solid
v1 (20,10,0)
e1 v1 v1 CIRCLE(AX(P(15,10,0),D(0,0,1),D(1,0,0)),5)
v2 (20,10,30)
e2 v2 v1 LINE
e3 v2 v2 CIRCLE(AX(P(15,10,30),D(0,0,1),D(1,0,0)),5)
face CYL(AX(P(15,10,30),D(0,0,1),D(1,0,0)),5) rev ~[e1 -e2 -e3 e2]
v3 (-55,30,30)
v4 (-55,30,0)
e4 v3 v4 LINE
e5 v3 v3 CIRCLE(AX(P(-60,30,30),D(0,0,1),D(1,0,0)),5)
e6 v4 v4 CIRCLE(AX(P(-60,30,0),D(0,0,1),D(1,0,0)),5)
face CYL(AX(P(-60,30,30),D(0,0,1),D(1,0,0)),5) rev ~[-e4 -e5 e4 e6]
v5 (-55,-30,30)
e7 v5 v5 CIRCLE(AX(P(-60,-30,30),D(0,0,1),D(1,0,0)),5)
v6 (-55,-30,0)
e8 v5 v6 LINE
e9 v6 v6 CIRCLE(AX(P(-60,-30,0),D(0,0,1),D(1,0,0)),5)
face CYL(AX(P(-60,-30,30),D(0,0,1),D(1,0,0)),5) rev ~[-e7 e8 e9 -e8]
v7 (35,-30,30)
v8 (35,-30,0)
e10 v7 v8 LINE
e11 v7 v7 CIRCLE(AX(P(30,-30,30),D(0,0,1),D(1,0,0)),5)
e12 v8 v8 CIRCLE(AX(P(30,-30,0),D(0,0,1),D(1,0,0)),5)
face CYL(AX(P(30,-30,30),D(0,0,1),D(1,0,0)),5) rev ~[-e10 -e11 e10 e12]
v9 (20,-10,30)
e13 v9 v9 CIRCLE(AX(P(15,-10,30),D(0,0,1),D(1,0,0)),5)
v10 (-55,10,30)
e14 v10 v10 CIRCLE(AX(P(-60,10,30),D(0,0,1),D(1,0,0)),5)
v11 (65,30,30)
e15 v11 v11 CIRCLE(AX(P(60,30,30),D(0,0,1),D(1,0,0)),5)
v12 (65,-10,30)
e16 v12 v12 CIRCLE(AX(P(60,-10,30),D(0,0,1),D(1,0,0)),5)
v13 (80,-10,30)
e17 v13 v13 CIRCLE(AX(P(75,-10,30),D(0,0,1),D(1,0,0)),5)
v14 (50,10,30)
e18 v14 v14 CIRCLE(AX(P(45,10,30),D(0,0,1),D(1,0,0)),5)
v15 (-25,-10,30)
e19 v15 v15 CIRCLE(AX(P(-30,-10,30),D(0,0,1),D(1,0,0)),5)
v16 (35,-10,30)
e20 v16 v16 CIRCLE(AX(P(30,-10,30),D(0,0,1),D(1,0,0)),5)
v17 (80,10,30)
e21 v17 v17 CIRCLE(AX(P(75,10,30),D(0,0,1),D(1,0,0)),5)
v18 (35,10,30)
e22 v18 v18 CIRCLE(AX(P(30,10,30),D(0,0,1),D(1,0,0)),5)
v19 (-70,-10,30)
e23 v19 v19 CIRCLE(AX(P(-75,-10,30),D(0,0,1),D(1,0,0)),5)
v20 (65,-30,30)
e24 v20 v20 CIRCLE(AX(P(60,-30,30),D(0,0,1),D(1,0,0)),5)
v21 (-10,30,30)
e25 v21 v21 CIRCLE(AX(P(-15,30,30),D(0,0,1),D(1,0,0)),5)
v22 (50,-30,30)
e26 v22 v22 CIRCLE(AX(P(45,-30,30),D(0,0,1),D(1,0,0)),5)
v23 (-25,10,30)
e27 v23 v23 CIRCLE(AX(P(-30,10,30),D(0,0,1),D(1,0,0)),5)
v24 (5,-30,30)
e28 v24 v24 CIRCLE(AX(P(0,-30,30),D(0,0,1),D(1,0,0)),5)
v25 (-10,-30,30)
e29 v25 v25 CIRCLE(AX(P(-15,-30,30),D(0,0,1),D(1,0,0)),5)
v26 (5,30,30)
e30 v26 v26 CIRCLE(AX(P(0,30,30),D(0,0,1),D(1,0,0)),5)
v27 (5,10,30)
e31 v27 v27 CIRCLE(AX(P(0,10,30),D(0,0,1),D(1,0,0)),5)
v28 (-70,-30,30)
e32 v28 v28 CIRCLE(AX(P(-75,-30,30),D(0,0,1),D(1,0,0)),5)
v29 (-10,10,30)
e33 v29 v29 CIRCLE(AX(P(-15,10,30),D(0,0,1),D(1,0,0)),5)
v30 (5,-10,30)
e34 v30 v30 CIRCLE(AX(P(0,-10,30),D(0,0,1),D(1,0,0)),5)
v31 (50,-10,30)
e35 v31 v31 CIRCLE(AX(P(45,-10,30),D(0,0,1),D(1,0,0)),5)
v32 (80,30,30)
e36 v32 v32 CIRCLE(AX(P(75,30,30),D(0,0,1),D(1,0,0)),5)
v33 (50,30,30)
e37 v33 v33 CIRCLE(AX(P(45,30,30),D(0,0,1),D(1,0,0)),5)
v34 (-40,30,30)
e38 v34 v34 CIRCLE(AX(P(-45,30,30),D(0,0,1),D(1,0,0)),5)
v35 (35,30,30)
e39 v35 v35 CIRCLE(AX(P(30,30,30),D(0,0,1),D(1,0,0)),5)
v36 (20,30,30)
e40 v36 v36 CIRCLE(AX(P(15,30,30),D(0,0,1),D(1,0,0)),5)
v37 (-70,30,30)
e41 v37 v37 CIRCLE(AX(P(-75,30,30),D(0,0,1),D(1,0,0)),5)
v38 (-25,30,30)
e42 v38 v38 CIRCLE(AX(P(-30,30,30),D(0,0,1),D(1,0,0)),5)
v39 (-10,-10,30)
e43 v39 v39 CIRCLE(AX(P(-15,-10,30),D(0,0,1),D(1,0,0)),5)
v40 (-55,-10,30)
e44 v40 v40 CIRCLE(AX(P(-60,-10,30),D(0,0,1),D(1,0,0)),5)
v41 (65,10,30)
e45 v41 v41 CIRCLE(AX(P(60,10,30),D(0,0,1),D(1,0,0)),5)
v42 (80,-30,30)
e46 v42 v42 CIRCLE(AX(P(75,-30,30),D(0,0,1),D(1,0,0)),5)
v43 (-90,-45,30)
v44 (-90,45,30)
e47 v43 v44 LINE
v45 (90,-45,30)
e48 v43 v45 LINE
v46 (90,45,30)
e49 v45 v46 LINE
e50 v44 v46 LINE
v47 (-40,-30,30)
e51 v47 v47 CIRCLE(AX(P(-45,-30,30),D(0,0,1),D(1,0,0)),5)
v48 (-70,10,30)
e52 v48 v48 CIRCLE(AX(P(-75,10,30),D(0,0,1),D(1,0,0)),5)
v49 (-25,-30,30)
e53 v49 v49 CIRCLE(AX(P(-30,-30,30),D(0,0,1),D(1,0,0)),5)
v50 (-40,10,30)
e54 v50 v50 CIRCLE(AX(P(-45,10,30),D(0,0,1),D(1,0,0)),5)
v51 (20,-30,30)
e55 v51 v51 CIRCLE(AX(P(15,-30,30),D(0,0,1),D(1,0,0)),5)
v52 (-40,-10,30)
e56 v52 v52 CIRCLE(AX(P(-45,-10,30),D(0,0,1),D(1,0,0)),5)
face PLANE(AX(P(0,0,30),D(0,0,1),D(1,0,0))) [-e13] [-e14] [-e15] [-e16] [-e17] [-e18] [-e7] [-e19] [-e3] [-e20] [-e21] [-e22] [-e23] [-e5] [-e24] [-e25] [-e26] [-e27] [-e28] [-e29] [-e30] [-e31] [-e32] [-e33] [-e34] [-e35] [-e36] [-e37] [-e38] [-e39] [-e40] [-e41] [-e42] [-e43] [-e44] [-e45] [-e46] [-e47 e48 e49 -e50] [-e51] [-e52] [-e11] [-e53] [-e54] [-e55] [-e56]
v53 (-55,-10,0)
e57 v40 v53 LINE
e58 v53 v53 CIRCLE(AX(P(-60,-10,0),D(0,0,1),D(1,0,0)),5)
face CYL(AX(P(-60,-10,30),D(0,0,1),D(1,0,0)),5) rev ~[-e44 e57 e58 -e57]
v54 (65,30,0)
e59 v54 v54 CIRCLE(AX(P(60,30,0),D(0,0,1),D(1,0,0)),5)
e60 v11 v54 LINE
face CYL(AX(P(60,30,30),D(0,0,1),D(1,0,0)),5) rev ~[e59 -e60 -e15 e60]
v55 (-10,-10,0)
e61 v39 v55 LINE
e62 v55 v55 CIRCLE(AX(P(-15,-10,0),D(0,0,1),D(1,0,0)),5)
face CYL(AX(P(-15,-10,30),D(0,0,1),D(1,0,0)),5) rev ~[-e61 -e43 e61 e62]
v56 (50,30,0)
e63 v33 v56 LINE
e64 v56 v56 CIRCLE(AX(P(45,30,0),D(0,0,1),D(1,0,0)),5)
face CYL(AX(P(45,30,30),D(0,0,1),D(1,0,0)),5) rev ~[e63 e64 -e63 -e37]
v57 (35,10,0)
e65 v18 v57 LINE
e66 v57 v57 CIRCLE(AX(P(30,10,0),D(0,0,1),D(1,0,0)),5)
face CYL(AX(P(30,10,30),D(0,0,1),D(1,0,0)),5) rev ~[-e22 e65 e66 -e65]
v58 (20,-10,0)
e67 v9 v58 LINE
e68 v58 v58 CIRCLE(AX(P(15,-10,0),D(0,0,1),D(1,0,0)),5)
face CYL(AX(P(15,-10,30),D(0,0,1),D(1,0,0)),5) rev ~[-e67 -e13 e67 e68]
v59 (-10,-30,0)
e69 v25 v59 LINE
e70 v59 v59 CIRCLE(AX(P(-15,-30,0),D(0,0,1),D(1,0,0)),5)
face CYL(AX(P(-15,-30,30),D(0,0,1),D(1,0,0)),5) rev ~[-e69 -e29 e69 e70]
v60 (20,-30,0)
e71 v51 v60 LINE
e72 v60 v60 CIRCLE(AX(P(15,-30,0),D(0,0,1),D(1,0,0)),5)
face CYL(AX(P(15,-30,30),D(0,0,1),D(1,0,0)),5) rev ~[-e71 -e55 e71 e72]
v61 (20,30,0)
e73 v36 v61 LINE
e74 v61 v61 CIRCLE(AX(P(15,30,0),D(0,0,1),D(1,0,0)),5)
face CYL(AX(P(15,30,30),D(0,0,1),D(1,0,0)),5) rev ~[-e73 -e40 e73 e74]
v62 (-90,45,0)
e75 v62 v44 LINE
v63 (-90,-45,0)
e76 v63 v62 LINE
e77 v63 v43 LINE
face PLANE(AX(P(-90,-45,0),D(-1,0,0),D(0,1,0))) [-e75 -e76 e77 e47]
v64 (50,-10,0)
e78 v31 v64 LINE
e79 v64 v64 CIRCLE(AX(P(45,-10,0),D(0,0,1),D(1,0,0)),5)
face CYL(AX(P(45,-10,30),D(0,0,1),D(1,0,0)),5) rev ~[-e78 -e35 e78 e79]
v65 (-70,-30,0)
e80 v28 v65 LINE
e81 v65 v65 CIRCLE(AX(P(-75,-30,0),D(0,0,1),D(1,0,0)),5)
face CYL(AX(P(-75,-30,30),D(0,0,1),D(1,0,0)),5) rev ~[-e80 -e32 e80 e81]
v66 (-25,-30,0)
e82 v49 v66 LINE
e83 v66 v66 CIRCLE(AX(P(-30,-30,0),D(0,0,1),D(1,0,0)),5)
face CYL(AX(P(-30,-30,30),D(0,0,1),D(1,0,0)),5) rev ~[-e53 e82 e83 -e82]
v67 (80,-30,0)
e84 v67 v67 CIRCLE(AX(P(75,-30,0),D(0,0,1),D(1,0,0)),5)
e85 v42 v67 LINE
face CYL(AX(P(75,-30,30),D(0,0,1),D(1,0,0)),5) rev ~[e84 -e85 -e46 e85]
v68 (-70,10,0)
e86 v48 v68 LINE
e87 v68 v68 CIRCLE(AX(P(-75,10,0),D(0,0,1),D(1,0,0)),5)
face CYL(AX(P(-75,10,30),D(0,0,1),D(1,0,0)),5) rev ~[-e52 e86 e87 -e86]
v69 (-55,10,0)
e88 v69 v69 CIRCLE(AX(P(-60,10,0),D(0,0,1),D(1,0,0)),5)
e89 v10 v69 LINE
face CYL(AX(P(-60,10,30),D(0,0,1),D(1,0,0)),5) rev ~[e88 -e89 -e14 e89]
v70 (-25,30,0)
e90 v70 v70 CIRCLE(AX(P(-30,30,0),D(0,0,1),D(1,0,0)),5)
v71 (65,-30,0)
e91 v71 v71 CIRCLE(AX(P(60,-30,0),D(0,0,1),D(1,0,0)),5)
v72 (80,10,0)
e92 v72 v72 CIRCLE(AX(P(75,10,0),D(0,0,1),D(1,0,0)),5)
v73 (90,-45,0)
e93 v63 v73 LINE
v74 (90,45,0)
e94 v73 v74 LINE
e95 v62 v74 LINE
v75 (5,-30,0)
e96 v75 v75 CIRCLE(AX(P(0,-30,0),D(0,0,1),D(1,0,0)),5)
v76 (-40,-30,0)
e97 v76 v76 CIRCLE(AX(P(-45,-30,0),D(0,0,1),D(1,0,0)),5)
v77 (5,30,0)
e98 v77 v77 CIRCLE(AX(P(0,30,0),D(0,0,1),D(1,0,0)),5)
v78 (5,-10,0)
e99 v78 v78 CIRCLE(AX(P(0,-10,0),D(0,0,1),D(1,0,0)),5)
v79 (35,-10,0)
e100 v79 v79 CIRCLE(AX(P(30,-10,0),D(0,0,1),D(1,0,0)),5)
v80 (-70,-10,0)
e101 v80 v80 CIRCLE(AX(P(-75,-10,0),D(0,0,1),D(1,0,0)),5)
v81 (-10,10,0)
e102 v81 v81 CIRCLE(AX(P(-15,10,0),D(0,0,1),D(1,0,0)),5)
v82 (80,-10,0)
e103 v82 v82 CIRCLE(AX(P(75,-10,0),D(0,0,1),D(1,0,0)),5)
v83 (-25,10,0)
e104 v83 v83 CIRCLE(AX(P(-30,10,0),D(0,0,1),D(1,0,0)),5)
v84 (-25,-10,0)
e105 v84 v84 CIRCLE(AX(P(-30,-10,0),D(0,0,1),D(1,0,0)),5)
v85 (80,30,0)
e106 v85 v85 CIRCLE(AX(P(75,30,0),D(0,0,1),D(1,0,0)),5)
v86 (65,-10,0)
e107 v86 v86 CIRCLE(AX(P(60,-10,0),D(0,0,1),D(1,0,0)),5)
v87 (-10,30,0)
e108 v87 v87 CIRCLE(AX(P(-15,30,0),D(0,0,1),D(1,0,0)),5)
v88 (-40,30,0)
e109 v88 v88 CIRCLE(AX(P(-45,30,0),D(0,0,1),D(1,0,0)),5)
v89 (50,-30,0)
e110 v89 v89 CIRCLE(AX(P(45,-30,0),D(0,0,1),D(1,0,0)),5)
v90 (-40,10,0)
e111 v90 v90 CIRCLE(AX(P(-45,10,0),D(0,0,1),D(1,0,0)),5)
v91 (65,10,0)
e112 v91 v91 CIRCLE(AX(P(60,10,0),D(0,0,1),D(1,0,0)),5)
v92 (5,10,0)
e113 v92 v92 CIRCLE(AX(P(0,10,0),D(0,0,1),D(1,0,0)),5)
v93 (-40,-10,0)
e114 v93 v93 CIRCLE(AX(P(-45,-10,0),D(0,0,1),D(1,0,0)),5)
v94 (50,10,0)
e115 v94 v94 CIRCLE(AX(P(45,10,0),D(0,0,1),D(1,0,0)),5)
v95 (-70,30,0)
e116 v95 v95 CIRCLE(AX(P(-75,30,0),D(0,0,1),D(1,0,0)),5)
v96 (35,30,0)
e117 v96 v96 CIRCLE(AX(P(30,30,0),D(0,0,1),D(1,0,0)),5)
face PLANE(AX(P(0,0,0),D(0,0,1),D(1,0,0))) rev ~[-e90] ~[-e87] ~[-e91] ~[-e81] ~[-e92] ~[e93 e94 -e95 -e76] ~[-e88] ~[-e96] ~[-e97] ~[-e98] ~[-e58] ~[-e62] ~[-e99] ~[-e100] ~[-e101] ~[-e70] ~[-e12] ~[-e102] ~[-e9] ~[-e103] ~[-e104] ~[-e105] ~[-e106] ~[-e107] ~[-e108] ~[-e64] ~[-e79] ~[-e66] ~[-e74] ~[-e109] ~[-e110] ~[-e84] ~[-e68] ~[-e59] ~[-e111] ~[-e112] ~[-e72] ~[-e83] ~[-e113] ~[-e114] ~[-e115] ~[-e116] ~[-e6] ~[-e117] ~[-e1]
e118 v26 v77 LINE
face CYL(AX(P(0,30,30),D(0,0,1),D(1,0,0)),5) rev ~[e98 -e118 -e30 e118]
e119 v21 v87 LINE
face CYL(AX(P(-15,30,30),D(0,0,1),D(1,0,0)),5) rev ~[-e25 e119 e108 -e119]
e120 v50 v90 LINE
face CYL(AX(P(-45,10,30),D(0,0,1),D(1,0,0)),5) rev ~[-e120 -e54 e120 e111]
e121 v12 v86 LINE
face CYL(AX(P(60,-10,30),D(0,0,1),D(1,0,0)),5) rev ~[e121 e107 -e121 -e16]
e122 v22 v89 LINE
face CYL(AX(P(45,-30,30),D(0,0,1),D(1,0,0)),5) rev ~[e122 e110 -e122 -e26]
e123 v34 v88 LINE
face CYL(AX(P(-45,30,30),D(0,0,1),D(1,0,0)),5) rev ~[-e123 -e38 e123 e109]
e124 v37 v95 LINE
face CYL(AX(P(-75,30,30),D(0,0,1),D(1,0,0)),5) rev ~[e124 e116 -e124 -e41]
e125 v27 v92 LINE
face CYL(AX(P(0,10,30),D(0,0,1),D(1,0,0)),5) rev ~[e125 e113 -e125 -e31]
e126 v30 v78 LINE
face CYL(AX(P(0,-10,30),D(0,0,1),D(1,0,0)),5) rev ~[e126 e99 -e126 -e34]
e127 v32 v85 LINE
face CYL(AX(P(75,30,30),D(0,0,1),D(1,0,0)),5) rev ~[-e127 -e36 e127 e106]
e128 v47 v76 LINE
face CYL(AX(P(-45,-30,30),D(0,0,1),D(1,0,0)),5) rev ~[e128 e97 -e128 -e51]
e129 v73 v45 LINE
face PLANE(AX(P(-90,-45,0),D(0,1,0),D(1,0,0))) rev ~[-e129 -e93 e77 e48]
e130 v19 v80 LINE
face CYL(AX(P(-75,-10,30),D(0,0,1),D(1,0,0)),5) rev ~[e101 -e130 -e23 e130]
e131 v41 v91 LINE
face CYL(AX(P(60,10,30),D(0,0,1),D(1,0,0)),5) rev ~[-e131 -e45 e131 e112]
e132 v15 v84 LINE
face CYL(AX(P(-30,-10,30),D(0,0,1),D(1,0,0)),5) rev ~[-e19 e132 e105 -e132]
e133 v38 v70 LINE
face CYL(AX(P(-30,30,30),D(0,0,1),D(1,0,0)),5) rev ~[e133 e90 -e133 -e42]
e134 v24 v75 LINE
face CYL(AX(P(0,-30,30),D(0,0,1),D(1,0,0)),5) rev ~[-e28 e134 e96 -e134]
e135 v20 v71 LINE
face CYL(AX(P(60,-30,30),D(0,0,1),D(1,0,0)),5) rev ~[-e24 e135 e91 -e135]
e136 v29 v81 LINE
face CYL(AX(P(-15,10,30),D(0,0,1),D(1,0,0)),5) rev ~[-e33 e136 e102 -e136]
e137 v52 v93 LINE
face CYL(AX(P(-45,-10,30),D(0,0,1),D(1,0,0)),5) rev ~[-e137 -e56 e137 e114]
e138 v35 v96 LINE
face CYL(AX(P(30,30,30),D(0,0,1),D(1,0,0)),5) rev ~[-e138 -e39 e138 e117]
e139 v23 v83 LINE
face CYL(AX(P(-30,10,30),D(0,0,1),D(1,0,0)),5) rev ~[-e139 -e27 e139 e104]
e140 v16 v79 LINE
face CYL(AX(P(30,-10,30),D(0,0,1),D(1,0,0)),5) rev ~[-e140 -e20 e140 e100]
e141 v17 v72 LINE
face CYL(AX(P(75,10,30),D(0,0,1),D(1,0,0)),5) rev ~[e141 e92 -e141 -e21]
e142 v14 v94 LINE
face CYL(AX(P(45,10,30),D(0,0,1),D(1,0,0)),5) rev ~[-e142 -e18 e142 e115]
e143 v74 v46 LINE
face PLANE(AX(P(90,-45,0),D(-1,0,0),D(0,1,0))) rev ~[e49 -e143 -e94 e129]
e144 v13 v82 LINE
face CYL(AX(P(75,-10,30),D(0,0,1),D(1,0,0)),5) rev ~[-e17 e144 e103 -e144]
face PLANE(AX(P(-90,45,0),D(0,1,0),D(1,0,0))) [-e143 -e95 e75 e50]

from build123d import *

# Parameters (mm, degrees)
ESBO_O1_W                = 180
ESBO_O1_H                = 90
RESSALTO_EXTRUS_O1_DEPTH = 30
ESBO_O2_R                = 5
CORTE_EXTRUS_O1_DEPTH    = 30


with BuildPart() as part:
    # Esboço1 → Ressalto-extrusão1 (new body)
    with BuildSketch(Plane.XY):
        Rectangle(ESBO_O1_W, ESBO_O1_H)
    extrude(amount=RESSALTO_EXTRUS_O1_DEPTH)

    # Esboço2 → Corte-extrusão1 (cut)
    with BuildSketch(Plane.XY.offset(30)):
        with Locations((-75, 30)):
            Circle(ESBO_O2_R)
        with Locations((-60, 30)):
            Circle(ESBO_O2_R)
        with Locations((-45, 30)):
            Circle(ESBO_O2_R)
        with Locations((-30, 30)):
            Circle(ESBO_O2_R)
        with Locations((-15, 30)):
            Circle(ESBO_O2_R)
        with Locations((0, 30)):
            Circle(ESBO_O2_R)
        with Locations((15, 30)):
            Circle(ESBO_O2_R)
        with Locations((30, 30)):
            Circle(ESBO_O2_R)
        with Locations((45, 30)):
            Circle(ESBO_O2_R)
        with Locations((60, 30)):
            Circle(ESBO_O2_R)
        with Locations((75, 30)):
            Circle(ESBO_O2_R)
        with Locations((-60, 10)):
            Circle(ESBO_O2_R)
        with Locations((-45, 10)):
            Circle(ESBO_O2_R)
        with Locations((-30, 10)):
            Circle(ESBO_O2_R)
        with Locations((-15, 10)):
            Circle(ESBO_O2_R)
        with Locations((0, 10)):
            Circle(ESBO_O2_R)
        with Locations((15, 10)):
            Circle(ESBO_O2_R)
        with Locations((30, 10)):
            Circle(ESBO_O2_R)
        with Locations((45, 10)):
            Circle(ESBO_O2_R)
        with Locations((60, 10)):
            Circle(ESBO_O2_R)
        with Locations((75, 10)):
            Circle(ESBO_O2_R)
        with Locations((-60, -10)):
            Circle(ESBO_O2_R)
        with Locations((-45, -10)):
            Circle(ESBO_O2_R)
        with Locations((-30, -10)):
            Circle(ESBO_O2_R)
        with Locations((-15, -10)):
            Circle(ESBO_O2_R)
        with Locations((0, -10)):
            Circle(ESBO_O2_R)
        with Locations((15, -10)):
            Circle(ESBO_O2_R)
        with Locations((30, -10)):
            Circle(ESBO_O2_R)
        with Locations((45, -10)):
            Circle(ESBO_O2_R)
        with Locations((60, -10)):
            Circle(ESBO_O2_R)
        with Locations((75, -10)):
            Circle(ESBO_O2_R)
        with Locations((-60, -30)):
            Circle(ESBO_O2_R)
        with Locations((-45, -30)):
            Circle(ESBO_O2_R)
        with Locations((-30, -30)):
            Circle(ESBO_O2_R)
        with Locations((-15, -30)):
            Circle(ESBO_O2_R)
        with Locations((0, -30)):
            Circle(ESBO_O2_R)
        with Locations((15, -30)):
            Circle(ESBO_O2_R)
        with Locations((30, -30)):
            Circle(ESBO_O2_R)
        with Locations((45, -30)):
            Circle(ESBO_O2_R)
        with Locations((60, -30)):
            Circle(ESBO_O2_R)
        with Locations((75, -30)):
            Circle(ESBO_O2_R)
        with Locations((-75, 10)):
            Circle(ESBO_O2_R)
        with Locations((-75, -10)):
            Circle(ESBO_O2_R)
        with Locations((-75, -30)):
            Circle(ESBO_O2_R)
    extrude(amount=-CORTE_EXTRUS_O1_DEPTH, mode=Mode.SUBTRACT)


solid = part.part
